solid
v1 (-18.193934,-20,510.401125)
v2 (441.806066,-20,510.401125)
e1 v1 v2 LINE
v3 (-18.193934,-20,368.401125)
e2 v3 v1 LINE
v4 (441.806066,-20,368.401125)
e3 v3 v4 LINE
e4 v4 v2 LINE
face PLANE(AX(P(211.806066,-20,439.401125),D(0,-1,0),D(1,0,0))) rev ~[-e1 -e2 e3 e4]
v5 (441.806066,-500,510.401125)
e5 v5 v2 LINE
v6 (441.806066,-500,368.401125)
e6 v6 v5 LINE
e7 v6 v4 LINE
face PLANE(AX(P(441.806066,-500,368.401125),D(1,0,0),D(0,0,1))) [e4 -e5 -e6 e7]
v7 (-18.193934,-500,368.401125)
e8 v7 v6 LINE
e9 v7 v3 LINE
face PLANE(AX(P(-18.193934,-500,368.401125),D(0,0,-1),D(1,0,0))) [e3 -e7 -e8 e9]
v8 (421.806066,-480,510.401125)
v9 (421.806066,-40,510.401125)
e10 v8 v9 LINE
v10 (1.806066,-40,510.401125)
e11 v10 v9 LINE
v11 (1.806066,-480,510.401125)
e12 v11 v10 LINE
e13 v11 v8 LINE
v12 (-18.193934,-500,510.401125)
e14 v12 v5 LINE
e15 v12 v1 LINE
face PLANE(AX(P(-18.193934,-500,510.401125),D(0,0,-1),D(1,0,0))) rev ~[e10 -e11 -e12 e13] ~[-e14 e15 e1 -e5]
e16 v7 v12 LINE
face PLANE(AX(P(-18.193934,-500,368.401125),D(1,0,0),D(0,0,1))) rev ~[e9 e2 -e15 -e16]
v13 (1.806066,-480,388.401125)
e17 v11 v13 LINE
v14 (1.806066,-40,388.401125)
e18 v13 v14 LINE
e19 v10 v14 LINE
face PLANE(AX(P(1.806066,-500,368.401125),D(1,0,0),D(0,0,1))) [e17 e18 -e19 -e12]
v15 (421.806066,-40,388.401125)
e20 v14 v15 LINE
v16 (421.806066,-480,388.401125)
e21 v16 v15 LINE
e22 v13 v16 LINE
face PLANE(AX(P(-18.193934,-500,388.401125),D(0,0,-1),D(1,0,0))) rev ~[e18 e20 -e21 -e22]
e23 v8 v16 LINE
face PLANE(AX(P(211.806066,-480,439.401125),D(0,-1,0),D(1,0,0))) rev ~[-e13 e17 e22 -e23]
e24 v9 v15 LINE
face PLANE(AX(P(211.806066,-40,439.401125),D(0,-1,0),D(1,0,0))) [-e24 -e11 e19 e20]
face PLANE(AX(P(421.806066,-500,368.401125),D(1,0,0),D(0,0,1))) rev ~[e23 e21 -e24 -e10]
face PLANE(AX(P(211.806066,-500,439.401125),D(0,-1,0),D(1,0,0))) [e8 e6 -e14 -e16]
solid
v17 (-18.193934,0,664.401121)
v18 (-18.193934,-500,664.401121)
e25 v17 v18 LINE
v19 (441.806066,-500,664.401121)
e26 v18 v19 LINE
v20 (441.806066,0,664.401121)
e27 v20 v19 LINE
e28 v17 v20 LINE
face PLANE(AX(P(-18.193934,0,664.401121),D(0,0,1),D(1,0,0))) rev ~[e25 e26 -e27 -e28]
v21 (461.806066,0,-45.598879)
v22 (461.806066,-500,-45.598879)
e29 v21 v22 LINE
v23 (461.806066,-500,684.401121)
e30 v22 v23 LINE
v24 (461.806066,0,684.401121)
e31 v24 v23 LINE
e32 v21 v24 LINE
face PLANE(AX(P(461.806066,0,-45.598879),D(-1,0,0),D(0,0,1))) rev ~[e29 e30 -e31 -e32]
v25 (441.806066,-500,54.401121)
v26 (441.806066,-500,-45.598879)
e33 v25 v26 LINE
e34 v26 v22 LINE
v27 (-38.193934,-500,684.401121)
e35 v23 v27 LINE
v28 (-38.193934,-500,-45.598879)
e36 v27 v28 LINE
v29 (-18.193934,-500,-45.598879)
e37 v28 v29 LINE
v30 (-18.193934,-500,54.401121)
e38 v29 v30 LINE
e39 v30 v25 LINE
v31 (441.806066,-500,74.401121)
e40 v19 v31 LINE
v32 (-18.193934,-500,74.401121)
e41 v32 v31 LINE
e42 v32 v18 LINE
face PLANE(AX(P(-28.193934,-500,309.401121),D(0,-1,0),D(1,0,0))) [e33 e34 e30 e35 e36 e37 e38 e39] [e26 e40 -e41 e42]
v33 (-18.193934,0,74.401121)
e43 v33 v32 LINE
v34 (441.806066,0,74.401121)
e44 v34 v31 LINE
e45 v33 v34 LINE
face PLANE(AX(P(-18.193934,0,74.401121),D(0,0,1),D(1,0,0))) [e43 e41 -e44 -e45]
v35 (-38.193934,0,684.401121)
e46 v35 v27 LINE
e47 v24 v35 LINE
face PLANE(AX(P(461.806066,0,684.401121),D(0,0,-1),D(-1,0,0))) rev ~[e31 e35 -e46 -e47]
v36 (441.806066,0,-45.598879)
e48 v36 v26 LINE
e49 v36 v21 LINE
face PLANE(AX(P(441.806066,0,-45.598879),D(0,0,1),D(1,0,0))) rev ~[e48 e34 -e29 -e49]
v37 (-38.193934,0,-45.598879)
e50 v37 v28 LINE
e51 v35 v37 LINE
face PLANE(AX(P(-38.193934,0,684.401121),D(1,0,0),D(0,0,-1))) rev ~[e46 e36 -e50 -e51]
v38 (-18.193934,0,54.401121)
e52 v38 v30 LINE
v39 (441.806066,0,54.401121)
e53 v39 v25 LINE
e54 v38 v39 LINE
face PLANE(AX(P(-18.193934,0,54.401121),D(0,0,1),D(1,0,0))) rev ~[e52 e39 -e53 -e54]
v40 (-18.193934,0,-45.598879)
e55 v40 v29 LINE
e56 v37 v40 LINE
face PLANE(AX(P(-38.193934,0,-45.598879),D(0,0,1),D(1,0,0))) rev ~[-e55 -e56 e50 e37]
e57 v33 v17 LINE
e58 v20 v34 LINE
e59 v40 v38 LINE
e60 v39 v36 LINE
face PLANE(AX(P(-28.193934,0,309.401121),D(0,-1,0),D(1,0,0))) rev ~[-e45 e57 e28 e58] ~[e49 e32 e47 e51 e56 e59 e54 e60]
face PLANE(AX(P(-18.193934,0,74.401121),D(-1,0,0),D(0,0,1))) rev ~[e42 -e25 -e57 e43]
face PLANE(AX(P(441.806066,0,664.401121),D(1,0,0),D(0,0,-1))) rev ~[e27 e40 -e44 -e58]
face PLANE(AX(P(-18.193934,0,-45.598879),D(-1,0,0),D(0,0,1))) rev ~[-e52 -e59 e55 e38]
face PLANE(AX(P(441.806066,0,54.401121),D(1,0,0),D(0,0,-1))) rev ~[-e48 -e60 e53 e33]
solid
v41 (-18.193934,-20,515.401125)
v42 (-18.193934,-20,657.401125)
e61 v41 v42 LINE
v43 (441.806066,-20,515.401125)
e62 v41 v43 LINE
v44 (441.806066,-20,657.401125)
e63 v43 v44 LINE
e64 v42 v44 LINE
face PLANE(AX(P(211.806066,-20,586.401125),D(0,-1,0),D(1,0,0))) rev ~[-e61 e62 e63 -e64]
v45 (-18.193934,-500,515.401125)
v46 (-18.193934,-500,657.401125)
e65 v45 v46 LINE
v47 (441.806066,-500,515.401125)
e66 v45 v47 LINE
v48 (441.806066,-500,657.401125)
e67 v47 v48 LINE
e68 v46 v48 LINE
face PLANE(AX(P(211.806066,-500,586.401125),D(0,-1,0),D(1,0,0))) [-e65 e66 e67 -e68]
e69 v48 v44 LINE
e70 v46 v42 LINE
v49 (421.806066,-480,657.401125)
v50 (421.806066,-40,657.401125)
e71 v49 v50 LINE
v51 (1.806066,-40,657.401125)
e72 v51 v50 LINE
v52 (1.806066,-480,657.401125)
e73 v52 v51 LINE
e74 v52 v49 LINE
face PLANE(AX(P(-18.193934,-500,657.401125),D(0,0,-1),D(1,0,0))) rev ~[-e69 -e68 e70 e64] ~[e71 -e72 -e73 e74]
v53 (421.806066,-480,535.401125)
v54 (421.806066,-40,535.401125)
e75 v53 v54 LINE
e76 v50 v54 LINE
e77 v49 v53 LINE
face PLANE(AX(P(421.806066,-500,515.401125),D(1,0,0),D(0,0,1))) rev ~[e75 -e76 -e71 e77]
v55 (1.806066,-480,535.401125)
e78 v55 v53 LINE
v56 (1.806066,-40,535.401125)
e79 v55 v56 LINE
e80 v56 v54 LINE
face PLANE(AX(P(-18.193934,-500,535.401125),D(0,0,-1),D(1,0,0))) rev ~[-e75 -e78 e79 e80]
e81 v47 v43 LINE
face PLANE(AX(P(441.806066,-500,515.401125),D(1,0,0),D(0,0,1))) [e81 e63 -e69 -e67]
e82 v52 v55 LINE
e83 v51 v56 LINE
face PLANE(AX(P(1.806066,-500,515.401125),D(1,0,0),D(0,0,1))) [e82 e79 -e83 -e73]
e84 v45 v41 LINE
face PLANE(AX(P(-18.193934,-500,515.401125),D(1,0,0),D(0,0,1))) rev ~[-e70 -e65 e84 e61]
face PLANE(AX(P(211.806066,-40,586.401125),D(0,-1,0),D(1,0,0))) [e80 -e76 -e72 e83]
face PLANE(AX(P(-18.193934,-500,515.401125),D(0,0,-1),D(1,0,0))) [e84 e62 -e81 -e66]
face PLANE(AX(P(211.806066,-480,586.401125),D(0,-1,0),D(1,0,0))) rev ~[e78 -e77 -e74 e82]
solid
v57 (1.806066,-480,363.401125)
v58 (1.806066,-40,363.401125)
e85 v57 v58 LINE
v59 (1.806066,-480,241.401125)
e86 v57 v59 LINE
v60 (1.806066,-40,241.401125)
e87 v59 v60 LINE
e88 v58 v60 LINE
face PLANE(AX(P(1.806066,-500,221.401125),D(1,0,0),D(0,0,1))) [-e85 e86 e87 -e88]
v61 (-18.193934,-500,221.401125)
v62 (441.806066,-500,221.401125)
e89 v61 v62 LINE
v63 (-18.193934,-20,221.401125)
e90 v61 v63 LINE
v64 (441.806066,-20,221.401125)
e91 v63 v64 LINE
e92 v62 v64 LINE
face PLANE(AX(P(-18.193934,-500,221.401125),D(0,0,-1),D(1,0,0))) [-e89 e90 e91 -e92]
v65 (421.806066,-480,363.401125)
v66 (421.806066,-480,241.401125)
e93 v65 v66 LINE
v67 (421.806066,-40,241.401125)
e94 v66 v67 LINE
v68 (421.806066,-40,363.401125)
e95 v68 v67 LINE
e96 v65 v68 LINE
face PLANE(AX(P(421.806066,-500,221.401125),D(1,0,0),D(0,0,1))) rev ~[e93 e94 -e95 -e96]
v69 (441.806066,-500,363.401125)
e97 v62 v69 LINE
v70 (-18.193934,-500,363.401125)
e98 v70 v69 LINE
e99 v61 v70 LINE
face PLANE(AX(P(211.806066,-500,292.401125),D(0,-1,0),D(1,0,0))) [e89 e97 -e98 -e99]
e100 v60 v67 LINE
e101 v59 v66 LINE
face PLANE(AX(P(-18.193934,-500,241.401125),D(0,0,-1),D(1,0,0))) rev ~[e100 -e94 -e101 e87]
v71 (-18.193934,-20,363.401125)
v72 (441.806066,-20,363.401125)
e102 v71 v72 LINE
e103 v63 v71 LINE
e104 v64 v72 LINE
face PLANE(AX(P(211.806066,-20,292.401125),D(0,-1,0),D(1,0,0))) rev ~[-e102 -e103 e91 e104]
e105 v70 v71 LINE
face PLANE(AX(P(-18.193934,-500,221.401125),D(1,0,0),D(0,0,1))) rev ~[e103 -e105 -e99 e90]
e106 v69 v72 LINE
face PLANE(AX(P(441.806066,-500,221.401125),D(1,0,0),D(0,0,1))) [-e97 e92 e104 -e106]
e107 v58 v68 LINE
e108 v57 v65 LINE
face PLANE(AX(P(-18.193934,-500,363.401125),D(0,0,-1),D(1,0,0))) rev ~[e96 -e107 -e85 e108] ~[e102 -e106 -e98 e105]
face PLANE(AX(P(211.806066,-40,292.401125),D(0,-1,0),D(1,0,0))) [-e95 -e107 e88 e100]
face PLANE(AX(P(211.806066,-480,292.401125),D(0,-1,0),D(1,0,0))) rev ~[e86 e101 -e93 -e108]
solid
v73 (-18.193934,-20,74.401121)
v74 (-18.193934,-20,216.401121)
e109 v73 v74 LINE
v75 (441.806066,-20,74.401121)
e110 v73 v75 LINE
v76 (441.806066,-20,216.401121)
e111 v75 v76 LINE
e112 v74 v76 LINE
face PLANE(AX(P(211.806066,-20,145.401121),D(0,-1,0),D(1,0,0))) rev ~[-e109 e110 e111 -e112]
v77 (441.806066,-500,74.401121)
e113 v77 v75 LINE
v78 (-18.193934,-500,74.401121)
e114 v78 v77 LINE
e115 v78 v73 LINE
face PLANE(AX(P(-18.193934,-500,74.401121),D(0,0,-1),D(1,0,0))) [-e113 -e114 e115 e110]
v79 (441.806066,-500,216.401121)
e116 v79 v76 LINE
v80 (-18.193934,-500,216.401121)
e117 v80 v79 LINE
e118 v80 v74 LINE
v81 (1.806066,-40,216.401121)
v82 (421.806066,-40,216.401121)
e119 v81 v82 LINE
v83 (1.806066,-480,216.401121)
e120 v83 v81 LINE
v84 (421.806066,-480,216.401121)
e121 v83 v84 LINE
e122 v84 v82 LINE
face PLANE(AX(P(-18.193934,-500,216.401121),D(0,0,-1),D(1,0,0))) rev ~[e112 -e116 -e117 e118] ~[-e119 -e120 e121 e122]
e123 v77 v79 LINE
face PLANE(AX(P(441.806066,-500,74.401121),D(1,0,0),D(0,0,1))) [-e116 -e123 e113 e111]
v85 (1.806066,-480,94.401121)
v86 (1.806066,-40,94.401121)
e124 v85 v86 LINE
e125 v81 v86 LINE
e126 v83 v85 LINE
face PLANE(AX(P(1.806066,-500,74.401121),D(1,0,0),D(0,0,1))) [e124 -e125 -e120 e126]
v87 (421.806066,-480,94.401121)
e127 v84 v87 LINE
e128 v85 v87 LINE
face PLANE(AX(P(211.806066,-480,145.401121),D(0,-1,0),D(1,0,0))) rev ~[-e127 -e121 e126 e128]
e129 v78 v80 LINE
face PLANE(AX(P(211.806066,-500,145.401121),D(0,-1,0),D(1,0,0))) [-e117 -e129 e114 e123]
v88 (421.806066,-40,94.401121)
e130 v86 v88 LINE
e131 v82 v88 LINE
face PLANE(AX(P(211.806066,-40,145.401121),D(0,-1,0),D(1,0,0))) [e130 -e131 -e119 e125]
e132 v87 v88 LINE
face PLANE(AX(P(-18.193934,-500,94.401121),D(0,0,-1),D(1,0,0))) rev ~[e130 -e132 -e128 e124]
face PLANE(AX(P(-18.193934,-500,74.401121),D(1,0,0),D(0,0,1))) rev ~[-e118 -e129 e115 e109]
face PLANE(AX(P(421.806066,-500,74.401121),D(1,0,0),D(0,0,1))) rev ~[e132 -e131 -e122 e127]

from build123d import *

# Parameters (mm, degrees)
F0_W     = 460
F0_H     = 20
F1_DEPTH = 500
F2_W     = 460
F2_H     = 142
F3_DEPTH = 480
F4_T     = -20
F4_2_T   = -20
F4_3_T   = -20
F4_4_T   = -20


with BuildPart() as f1:
    # F0 (on Front) → F1 (new body)
    with BuildSketch(Plane.XZ):
        Polygon((-18.1939336658, 664.4011205435), (-38.1939336658, 664.4011205435), (-38.1939336658, -45.5988794565), (-18.1939336658, -45.5988794565), (-18.1939336658, 54.4011205435), (-18.1939336658, 74.4011205435), align=None)
        Polygon((-38.1939336658, 684.4011205435), (-38.1939336658, 664.4011205435), (-18.1939336658, 664.4011205435), (441.8060663342, 664.4011205435), (461.8060663342, 664.4011205435), (461.8060663342, 684.4011205435), align=None)
        with Locations((211.8060663342, 64.4011205435)):
            Rectangle(F0_W, F0_H)
        Polygon((461.8060663342, 664.4011205435), (441.8060663342, 664.4011205435), (441.8060663342, 74.4011205435), (441.8060663342, 54.4011205435), (441.8060663342, -45.5988794565), (461.8060663342, -45.5988794565), align=None)
    extrude(amount=F1_DEPTH)


with BuildPart() as f3:
    # F2 (on face) → F3 (new body)
    with BuildSketch(Plane.XZ.offset(500)):
        with Locations((211.8060663342, 145.4011205435)):
            Rectangle(F2_W, F2_H)
    extrude(amount=-F3_DEPTH)

    # F4#4
    f4_4_openings = [f3.faces().sort_by_distance(p)[0] for p in [
        (211.806066, -260, 216.401121),
    ]]
    offset(amount=F4_4_T, openings=f4_4_openings)


with BuildPart() as f3b:
    # F2 (on face) → F3, piece 2 (new body)
    with BuildSketch(Plane.XZ.offset(500)):
        with Locations((211.8060663342, 292.4011251926)):
            Rectangle(F2_W, F2_H)
    extrude(amount=-F3_DEPTH)

    # F4#3
    f4_3_openings = [f3b.faces().sort_by_distance(p)[0] for p in [
        (211.806066, -260, 363.401125),
    ]]
    offset(amount=F4_3_T, openings=f4_3_openings)


with BuildPart() as f3c:
    # F2 (on face) → F3, piece 3 (new body)
    with BuildSketch(Plane.XZ.offset(500)):
        with Locations((211.8060663342, 439.4011251926)):
            Rectangle(F2_W, F2_H)
    extrude(amount=-F3_DEPTH)

    # F4#2
    f4_2_openings = [f3c.faces().sort_by_distance(p)[0] for p in [
        (211.806066, -260, 510.401125),
    ]]
    offset(amount=F4_2_T, openings=f4_2_openings)


with BuildPart() as f3d:
    # F2 (on face) → F3, piece 4 (new body)
    with BuildSketch(Plane.XZ.offset(500)):
        with Locations((211.8060663342, 586.4011249542)):
            Rectangle(F2_W, F2_H)
    extrude(amount=-F3_DEPTH)

    # F4
    f4_openings = [f3d.faces().sort_by_distance(p)[0] for p in [
        (211.806066, -260, 657.401125),
    ]]
    offset(amount=F4_T, openings=f4_openings)


solid = Compound([f1.part, f3.part, f3b.part, f3c.part, f3d.part])
